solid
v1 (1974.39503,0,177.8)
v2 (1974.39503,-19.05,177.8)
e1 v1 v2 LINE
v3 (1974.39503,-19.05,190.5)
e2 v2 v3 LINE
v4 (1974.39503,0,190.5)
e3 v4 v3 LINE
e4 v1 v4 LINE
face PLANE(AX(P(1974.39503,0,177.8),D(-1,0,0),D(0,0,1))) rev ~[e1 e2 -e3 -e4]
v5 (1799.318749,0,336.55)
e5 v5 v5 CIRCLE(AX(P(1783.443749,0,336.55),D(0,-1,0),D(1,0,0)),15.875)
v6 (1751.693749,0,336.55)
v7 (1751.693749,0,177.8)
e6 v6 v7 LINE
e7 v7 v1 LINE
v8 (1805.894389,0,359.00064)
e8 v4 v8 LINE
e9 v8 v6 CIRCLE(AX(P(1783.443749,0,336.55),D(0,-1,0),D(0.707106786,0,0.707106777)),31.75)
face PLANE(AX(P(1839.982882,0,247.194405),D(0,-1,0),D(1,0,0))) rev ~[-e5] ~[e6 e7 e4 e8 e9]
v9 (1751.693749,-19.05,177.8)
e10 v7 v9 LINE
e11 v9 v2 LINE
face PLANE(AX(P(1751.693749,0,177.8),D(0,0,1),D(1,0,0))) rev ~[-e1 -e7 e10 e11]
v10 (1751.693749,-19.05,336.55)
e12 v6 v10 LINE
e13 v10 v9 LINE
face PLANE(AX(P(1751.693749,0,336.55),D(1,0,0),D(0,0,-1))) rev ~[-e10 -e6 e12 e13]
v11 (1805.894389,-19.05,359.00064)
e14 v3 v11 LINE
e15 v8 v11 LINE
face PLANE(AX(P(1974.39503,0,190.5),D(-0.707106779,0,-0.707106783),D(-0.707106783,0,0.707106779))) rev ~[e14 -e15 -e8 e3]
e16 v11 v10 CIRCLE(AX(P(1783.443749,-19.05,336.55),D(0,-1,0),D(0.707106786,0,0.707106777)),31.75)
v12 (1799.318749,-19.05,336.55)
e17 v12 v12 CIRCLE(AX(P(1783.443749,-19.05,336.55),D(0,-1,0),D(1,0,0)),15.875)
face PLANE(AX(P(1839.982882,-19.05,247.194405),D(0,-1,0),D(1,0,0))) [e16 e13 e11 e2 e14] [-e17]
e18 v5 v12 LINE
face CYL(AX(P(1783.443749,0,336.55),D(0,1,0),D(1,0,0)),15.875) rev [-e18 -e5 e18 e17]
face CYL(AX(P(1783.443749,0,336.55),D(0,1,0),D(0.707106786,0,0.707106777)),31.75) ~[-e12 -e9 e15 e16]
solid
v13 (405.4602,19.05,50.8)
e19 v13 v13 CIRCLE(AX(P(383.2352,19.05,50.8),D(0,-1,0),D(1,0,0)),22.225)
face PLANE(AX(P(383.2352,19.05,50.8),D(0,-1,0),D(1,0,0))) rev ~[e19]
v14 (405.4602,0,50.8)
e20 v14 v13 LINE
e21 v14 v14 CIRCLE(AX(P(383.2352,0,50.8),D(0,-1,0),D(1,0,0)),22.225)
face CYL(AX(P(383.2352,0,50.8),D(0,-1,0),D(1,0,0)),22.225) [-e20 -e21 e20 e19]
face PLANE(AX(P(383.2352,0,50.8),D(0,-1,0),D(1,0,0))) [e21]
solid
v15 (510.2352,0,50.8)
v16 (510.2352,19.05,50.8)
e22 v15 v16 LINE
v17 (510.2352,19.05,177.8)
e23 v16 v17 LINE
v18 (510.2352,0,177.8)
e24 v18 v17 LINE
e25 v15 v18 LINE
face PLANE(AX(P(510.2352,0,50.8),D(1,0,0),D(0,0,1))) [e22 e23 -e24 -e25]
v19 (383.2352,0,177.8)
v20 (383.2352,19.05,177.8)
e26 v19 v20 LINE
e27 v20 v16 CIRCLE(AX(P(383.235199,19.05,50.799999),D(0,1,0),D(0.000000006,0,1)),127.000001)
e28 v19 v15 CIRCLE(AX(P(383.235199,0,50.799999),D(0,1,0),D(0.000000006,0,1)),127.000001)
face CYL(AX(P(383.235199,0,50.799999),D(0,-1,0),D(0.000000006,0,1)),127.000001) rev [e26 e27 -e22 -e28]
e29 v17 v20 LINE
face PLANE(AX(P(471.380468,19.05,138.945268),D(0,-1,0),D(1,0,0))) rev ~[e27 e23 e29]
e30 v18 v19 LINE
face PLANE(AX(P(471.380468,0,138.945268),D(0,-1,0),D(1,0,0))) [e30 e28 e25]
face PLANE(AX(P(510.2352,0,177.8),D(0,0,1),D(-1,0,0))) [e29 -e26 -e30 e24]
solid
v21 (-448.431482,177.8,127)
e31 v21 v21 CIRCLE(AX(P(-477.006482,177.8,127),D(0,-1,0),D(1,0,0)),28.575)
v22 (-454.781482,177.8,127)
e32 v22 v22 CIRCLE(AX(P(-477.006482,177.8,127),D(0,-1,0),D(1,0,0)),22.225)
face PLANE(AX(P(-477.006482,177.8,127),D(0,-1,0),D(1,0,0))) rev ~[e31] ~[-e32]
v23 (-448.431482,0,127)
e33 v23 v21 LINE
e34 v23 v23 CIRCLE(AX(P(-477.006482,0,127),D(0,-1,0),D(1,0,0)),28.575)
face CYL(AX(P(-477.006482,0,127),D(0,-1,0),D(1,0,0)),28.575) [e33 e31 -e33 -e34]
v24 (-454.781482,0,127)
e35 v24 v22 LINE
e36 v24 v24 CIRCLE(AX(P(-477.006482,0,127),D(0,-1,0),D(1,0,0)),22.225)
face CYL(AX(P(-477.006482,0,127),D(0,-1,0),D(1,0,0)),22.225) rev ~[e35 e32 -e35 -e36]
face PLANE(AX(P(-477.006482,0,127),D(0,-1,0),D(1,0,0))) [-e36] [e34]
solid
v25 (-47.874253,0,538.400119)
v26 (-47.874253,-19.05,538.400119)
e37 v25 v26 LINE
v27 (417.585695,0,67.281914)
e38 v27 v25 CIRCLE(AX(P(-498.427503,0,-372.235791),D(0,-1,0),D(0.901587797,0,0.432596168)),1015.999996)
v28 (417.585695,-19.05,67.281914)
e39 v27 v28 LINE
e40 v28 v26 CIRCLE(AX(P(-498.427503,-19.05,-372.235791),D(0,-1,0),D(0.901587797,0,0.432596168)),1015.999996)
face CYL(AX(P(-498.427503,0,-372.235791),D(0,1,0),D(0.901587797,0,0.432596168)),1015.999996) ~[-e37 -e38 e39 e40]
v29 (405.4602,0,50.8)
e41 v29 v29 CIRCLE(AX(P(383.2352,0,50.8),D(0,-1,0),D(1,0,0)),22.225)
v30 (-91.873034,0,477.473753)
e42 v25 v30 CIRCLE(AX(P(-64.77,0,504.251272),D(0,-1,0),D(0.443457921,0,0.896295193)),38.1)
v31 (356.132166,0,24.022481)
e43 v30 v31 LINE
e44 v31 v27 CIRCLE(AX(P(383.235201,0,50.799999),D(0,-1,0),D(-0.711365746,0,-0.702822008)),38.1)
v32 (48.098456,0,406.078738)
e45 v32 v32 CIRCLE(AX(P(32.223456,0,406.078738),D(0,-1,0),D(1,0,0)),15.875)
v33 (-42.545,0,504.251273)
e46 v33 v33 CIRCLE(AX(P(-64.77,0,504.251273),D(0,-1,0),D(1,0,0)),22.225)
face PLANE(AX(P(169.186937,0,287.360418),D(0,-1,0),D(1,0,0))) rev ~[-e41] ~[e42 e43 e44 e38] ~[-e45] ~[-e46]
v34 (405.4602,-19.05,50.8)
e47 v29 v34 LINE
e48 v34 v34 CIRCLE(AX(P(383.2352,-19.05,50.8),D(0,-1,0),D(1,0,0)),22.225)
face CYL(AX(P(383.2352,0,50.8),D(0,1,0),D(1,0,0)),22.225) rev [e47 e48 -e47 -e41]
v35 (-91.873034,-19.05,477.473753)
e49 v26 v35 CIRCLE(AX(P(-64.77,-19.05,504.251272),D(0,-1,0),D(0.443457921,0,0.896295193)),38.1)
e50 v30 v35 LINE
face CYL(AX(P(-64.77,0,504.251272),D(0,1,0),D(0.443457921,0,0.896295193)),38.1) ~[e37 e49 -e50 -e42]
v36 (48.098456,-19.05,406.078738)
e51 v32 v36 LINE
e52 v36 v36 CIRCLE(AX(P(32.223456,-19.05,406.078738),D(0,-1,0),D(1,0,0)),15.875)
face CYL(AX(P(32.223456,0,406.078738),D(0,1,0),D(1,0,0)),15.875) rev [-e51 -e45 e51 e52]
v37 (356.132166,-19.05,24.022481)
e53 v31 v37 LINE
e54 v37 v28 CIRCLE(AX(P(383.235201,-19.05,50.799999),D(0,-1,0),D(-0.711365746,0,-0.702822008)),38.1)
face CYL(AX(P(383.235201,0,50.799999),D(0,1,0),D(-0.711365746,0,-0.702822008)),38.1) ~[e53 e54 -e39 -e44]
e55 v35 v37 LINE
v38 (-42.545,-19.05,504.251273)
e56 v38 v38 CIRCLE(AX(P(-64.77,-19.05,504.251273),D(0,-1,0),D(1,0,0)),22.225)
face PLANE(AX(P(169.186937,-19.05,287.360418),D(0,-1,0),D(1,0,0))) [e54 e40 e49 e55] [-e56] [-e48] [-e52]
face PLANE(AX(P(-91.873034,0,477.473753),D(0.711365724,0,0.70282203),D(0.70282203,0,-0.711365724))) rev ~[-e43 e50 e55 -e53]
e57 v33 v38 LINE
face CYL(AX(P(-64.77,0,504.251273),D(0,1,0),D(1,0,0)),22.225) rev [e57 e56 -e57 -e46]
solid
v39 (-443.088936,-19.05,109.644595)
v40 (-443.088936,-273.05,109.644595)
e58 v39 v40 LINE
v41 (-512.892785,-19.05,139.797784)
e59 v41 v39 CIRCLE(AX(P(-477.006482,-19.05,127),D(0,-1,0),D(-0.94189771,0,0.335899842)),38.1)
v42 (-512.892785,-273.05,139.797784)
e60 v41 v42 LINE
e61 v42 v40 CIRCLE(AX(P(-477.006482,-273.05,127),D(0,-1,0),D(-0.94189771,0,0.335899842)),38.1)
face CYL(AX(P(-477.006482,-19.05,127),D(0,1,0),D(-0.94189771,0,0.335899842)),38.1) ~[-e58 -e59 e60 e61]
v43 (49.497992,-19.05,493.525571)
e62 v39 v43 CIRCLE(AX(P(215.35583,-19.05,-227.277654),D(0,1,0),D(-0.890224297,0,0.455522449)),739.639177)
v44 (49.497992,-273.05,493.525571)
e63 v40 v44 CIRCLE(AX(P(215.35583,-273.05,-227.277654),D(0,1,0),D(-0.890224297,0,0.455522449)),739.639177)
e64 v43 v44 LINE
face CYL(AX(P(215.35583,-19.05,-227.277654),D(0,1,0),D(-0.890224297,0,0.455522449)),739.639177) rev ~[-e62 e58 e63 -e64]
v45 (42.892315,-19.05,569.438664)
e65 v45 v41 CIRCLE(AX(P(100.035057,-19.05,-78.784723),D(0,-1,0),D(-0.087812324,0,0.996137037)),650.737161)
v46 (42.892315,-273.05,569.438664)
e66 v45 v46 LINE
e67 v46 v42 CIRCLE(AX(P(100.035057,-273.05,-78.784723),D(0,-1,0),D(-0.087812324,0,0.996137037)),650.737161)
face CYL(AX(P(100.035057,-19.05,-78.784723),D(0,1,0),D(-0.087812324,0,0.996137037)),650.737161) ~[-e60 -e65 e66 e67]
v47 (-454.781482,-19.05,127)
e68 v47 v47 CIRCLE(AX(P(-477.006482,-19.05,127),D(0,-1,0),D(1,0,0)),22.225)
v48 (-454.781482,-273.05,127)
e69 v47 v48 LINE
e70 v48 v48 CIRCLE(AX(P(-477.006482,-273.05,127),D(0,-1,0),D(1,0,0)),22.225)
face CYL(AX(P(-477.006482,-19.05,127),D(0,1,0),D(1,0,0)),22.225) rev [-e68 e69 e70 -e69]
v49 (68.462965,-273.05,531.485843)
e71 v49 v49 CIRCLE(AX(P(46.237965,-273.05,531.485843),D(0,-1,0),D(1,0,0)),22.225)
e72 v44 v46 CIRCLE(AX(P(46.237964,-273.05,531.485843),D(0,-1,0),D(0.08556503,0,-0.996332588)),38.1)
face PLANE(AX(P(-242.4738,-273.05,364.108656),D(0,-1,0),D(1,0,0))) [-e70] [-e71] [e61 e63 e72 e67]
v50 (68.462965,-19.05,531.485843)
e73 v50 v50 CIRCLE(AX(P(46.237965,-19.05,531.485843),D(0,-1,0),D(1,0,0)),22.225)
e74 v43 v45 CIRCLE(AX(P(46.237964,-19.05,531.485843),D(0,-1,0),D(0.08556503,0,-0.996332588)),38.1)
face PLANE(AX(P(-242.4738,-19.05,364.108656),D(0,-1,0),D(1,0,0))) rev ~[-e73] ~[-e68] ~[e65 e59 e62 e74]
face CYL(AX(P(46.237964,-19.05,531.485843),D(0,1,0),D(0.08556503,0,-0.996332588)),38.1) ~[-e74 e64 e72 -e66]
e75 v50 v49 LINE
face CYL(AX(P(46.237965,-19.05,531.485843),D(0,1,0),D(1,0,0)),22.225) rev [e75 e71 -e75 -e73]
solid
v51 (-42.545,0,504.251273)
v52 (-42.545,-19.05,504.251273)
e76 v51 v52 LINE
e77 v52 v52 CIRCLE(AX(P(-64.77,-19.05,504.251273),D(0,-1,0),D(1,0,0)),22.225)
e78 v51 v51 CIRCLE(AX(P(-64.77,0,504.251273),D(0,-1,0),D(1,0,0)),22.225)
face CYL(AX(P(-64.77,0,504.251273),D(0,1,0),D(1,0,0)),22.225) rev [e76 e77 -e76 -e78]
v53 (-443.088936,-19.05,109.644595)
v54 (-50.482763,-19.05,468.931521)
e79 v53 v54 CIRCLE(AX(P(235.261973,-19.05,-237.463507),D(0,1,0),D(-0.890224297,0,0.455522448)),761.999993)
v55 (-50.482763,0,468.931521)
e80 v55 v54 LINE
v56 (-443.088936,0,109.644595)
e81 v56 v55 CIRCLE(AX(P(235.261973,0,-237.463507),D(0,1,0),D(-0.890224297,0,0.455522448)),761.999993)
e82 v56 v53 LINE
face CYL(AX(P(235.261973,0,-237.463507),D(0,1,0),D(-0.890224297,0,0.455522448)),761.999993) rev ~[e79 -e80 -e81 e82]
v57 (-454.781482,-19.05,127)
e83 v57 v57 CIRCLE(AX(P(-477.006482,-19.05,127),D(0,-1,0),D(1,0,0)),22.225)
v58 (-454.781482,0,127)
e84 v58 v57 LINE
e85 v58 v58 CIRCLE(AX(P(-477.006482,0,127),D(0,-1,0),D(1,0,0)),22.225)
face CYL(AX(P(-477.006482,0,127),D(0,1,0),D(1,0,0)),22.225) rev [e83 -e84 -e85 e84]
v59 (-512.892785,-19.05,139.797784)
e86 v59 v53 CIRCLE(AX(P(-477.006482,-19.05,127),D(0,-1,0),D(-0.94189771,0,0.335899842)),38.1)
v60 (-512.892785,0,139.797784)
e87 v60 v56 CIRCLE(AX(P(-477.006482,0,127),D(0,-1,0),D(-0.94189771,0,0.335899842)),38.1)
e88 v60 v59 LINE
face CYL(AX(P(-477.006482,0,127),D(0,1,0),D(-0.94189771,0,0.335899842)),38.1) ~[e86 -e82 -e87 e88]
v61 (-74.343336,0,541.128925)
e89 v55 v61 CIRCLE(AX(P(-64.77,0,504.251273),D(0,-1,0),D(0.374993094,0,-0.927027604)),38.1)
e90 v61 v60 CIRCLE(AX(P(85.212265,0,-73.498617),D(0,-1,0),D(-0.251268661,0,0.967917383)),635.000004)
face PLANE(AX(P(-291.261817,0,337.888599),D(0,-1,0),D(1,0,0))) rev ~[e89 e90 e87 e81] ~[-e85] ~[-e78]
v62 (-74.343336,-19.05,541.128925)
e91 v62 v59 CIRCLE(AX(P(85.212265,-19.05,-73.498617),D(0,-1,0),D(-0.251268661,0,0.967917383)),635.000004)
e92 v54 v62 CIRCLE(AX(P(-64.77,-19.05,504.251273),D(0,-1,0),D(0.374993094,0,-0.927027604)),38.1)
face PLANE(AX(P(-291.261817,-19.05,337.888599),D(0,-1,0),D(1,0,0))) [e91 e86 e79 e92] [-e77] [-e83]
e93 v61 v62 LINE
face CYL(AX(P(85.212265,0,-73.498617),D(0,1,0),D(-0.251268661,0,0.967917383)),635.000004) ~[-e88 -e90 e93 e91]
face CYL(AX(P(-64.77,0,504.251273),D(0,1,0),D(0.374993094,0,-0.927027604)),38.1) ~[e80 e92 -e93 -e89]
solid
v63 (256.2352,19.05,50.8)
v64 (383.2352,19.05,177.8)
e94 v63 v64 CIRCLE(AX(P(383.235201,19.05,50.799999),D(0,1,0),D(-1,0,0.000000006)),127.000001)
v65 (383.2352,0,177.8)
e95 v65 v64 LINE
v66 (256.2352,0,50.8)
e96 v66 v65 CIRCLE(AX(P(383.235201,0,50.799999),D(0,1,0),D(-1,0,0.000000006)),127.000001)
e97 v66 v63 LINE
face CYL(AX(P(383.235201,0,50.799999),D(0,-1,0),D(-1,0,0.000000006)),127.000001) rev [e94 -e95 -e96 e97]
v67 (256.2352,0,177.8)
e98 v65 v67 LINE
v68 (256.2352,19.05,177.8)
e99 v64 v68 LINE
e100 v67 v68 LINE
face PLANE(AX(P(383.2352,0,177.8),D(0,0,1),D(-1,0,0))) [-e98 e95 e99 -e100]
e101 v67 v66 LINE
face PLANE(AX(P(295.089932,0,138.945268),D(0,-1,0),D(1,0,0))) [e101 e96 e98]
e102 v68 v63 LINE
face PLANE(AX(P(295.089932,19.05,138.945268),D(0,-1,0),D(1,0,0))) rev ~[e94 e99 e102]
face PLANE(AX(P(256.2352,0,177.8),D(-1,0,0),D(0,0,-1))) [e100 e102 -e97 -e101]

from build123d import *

# Parameters (mm, degrees)
F1_R      = 28.575
F1_R_2    = 22.225
F2_DEPTH  = 177.8
F3_R      = 22.225
F4_DEPTH  = 19.05
F5_R      = 22.225
F5_R_2    = 15.875
F6_DEPTH  = 19.05
F7_R      = 22.225
F8_DEPTH  = 19.05
F9_R      = 22.225
F10_DEPTH = 254
F11_R     = 15.875
F12_DEPTH = 19.05


with BuildPart() as f2:
    # F1 (on Front) → F2 (new body)
    with BuildSketch(Plane.XZ):
        with Locations((-477.006482, 127)):
            Circle(F1_R)
        with Locations((-477.006482, 127)):
            Circle(F1_R_2, mode=Mode.SUBTRACT)
    extrude(amount=-F2_DEPTH)


with BuildPart() as f4:
    # F3 (on Front) → F4 (new body)
    with BuildSketch(Plane.XZ):
        with Locations((383.2352, 50.8)):
            Circle(F3_R)
        with BuildLine():
            Line((256.2352, 177.8), (256.2352, 50.8))
            ThreePointArc((256.2352, 50.8), (293.432639, 140.602561), (383.2352, 177.8))
            Line((383.2352, 177.8), (256.2352, 177.8))
        make_face()
        with BuildLine():
            Line((510.2352, 177.8), (383.2352, 177.8))
            ThreePointArc((383.2352, 177.8), (473.037761, 140.602561), (510.2352, 50.8))
            Line((510.2352, 50.8), (510.2352, 177.8))
        make_face()
    extrude(amount=-F4_DEPTH)


with BuildPart() as f6:
    # F5 (on Front) → F6 (new body)
    with BuildSketch(Plane.XZ):
        with BuildLine():
            Line((-91.873034, 477.473753), (356.132166, 24.022481))
            ThreePointArc((356.132166, 24.022481), (405.166367, 19.645001), (417.585695, 67.281914))
            ThreePointArc((417.585695, 67.281914), (224.32007, 341.831389), (-47.874253, 538.400119))
            ThreePointArc((-47.874253, 538.400119), (-95.657743, 526.557265), (-91.873034, 477.473753))
        make_face()
        with Locations((383.2352, 50.8)):
            Circle(F5_R, mode=Mode.SUBTRACT)
        with Locations((32.223456, 406.078738)):
            Circle(F5_R_2, mode=Mode.SUBTRACT)
        with Locations((-64.77, 504.251273)):
            Circle(F5_R, mode=Mode.SUBTRACT)
    extrude(amount=F6_DEPTH)


with BuildPart() as f8:
    # F7 (on Front) → F8 (new body)
    with BuildSketch(Plane.XZ):
        with BuildLine():
            ThreePointArc((-74.343336, 541.128925), (-343.482366, 394.951934), (-512.892785, 139.797784))
            ThreePointArc((-512.892785, 139.797784), (-492.115179, 92.023761), (-443.088936, 109.644595))
            ThreePointArc((-443.088936, 109.644595), (-279.171577, 324.677145), (-50.482763, 468.931521))
            ThreePointArc((-50.482763, 468.931521), (-28.594435, 516.206962), (-74.343336, 541.128925))
        make_face()
        with Locations((-477.006482, 127)):
            Circle(F7_R, mode=Mode.SUBTRACT)
        with Locations((-64.77, 504.251273)):
            Circle(F7_R, mode=Mode.SUBTRACT)
    extrude(amount=F8_DEPTH)


with BuildPart() as f10:
    # F9 (on face) → F10 (new body)
    with BuildSketch(Plane.XZ.offset(19.05)):
        with BuildLine():
            ThreePointArc((42.892315, 569.438664), (-297.955481, 436.057373), (-512.892785, 139.797784))
            ThreePointArc((-512.892785, 139.797784), (-492.115179, 92.023761), (-443.088936, 109.644595))
            ThreePointArc((-443.088936, 109.644595), (-239.297716, 356.12295), (49.497992, 493.525571))
            ThreePointArc((49.497992, 493.525571), (84.194535, 534.788683), (42.892315, 569.438664))
        make_face()
        with Locations((-477.006482, 127)):
            Circle(F9_R, mode=Mode.SUBTRACT)
        with Locations((46.237965, 531.485843)):
            Circle(F9_R, mode=Mode.SUBTRACT)
    extrude(amount=F10_DEPTH)


with BuildPart() as f12:
    # F11 (on Front) → F12 (new body)
    with BuildSketch(Plane.XZ):
        with BuildLine():
            Line((1974.39503, 190.5), (1805.894389, 359.00064))
            ThreePointArc((1805.894389, 359.00064), (1771.29355, 365.883175), (1751.693749, 336.55))
            Line((1751.693749, 336.55), (1751.693749, 177.8))
            Line((1751.693749, 177.8), (1974.39503, 177.8))
            Line((1974.39503, 177.8), (1974.39503, 190.5))
        make_face()
        with Locations((1783.443749, 336.55)):
            Circle(F11_R, mode=Mode.SUBTRACT)
    extrude(amount=F12_DEPTH)


solid = Compound([f2.part, f4.part, f6.part, f8.part, f10.part, f12.part])
